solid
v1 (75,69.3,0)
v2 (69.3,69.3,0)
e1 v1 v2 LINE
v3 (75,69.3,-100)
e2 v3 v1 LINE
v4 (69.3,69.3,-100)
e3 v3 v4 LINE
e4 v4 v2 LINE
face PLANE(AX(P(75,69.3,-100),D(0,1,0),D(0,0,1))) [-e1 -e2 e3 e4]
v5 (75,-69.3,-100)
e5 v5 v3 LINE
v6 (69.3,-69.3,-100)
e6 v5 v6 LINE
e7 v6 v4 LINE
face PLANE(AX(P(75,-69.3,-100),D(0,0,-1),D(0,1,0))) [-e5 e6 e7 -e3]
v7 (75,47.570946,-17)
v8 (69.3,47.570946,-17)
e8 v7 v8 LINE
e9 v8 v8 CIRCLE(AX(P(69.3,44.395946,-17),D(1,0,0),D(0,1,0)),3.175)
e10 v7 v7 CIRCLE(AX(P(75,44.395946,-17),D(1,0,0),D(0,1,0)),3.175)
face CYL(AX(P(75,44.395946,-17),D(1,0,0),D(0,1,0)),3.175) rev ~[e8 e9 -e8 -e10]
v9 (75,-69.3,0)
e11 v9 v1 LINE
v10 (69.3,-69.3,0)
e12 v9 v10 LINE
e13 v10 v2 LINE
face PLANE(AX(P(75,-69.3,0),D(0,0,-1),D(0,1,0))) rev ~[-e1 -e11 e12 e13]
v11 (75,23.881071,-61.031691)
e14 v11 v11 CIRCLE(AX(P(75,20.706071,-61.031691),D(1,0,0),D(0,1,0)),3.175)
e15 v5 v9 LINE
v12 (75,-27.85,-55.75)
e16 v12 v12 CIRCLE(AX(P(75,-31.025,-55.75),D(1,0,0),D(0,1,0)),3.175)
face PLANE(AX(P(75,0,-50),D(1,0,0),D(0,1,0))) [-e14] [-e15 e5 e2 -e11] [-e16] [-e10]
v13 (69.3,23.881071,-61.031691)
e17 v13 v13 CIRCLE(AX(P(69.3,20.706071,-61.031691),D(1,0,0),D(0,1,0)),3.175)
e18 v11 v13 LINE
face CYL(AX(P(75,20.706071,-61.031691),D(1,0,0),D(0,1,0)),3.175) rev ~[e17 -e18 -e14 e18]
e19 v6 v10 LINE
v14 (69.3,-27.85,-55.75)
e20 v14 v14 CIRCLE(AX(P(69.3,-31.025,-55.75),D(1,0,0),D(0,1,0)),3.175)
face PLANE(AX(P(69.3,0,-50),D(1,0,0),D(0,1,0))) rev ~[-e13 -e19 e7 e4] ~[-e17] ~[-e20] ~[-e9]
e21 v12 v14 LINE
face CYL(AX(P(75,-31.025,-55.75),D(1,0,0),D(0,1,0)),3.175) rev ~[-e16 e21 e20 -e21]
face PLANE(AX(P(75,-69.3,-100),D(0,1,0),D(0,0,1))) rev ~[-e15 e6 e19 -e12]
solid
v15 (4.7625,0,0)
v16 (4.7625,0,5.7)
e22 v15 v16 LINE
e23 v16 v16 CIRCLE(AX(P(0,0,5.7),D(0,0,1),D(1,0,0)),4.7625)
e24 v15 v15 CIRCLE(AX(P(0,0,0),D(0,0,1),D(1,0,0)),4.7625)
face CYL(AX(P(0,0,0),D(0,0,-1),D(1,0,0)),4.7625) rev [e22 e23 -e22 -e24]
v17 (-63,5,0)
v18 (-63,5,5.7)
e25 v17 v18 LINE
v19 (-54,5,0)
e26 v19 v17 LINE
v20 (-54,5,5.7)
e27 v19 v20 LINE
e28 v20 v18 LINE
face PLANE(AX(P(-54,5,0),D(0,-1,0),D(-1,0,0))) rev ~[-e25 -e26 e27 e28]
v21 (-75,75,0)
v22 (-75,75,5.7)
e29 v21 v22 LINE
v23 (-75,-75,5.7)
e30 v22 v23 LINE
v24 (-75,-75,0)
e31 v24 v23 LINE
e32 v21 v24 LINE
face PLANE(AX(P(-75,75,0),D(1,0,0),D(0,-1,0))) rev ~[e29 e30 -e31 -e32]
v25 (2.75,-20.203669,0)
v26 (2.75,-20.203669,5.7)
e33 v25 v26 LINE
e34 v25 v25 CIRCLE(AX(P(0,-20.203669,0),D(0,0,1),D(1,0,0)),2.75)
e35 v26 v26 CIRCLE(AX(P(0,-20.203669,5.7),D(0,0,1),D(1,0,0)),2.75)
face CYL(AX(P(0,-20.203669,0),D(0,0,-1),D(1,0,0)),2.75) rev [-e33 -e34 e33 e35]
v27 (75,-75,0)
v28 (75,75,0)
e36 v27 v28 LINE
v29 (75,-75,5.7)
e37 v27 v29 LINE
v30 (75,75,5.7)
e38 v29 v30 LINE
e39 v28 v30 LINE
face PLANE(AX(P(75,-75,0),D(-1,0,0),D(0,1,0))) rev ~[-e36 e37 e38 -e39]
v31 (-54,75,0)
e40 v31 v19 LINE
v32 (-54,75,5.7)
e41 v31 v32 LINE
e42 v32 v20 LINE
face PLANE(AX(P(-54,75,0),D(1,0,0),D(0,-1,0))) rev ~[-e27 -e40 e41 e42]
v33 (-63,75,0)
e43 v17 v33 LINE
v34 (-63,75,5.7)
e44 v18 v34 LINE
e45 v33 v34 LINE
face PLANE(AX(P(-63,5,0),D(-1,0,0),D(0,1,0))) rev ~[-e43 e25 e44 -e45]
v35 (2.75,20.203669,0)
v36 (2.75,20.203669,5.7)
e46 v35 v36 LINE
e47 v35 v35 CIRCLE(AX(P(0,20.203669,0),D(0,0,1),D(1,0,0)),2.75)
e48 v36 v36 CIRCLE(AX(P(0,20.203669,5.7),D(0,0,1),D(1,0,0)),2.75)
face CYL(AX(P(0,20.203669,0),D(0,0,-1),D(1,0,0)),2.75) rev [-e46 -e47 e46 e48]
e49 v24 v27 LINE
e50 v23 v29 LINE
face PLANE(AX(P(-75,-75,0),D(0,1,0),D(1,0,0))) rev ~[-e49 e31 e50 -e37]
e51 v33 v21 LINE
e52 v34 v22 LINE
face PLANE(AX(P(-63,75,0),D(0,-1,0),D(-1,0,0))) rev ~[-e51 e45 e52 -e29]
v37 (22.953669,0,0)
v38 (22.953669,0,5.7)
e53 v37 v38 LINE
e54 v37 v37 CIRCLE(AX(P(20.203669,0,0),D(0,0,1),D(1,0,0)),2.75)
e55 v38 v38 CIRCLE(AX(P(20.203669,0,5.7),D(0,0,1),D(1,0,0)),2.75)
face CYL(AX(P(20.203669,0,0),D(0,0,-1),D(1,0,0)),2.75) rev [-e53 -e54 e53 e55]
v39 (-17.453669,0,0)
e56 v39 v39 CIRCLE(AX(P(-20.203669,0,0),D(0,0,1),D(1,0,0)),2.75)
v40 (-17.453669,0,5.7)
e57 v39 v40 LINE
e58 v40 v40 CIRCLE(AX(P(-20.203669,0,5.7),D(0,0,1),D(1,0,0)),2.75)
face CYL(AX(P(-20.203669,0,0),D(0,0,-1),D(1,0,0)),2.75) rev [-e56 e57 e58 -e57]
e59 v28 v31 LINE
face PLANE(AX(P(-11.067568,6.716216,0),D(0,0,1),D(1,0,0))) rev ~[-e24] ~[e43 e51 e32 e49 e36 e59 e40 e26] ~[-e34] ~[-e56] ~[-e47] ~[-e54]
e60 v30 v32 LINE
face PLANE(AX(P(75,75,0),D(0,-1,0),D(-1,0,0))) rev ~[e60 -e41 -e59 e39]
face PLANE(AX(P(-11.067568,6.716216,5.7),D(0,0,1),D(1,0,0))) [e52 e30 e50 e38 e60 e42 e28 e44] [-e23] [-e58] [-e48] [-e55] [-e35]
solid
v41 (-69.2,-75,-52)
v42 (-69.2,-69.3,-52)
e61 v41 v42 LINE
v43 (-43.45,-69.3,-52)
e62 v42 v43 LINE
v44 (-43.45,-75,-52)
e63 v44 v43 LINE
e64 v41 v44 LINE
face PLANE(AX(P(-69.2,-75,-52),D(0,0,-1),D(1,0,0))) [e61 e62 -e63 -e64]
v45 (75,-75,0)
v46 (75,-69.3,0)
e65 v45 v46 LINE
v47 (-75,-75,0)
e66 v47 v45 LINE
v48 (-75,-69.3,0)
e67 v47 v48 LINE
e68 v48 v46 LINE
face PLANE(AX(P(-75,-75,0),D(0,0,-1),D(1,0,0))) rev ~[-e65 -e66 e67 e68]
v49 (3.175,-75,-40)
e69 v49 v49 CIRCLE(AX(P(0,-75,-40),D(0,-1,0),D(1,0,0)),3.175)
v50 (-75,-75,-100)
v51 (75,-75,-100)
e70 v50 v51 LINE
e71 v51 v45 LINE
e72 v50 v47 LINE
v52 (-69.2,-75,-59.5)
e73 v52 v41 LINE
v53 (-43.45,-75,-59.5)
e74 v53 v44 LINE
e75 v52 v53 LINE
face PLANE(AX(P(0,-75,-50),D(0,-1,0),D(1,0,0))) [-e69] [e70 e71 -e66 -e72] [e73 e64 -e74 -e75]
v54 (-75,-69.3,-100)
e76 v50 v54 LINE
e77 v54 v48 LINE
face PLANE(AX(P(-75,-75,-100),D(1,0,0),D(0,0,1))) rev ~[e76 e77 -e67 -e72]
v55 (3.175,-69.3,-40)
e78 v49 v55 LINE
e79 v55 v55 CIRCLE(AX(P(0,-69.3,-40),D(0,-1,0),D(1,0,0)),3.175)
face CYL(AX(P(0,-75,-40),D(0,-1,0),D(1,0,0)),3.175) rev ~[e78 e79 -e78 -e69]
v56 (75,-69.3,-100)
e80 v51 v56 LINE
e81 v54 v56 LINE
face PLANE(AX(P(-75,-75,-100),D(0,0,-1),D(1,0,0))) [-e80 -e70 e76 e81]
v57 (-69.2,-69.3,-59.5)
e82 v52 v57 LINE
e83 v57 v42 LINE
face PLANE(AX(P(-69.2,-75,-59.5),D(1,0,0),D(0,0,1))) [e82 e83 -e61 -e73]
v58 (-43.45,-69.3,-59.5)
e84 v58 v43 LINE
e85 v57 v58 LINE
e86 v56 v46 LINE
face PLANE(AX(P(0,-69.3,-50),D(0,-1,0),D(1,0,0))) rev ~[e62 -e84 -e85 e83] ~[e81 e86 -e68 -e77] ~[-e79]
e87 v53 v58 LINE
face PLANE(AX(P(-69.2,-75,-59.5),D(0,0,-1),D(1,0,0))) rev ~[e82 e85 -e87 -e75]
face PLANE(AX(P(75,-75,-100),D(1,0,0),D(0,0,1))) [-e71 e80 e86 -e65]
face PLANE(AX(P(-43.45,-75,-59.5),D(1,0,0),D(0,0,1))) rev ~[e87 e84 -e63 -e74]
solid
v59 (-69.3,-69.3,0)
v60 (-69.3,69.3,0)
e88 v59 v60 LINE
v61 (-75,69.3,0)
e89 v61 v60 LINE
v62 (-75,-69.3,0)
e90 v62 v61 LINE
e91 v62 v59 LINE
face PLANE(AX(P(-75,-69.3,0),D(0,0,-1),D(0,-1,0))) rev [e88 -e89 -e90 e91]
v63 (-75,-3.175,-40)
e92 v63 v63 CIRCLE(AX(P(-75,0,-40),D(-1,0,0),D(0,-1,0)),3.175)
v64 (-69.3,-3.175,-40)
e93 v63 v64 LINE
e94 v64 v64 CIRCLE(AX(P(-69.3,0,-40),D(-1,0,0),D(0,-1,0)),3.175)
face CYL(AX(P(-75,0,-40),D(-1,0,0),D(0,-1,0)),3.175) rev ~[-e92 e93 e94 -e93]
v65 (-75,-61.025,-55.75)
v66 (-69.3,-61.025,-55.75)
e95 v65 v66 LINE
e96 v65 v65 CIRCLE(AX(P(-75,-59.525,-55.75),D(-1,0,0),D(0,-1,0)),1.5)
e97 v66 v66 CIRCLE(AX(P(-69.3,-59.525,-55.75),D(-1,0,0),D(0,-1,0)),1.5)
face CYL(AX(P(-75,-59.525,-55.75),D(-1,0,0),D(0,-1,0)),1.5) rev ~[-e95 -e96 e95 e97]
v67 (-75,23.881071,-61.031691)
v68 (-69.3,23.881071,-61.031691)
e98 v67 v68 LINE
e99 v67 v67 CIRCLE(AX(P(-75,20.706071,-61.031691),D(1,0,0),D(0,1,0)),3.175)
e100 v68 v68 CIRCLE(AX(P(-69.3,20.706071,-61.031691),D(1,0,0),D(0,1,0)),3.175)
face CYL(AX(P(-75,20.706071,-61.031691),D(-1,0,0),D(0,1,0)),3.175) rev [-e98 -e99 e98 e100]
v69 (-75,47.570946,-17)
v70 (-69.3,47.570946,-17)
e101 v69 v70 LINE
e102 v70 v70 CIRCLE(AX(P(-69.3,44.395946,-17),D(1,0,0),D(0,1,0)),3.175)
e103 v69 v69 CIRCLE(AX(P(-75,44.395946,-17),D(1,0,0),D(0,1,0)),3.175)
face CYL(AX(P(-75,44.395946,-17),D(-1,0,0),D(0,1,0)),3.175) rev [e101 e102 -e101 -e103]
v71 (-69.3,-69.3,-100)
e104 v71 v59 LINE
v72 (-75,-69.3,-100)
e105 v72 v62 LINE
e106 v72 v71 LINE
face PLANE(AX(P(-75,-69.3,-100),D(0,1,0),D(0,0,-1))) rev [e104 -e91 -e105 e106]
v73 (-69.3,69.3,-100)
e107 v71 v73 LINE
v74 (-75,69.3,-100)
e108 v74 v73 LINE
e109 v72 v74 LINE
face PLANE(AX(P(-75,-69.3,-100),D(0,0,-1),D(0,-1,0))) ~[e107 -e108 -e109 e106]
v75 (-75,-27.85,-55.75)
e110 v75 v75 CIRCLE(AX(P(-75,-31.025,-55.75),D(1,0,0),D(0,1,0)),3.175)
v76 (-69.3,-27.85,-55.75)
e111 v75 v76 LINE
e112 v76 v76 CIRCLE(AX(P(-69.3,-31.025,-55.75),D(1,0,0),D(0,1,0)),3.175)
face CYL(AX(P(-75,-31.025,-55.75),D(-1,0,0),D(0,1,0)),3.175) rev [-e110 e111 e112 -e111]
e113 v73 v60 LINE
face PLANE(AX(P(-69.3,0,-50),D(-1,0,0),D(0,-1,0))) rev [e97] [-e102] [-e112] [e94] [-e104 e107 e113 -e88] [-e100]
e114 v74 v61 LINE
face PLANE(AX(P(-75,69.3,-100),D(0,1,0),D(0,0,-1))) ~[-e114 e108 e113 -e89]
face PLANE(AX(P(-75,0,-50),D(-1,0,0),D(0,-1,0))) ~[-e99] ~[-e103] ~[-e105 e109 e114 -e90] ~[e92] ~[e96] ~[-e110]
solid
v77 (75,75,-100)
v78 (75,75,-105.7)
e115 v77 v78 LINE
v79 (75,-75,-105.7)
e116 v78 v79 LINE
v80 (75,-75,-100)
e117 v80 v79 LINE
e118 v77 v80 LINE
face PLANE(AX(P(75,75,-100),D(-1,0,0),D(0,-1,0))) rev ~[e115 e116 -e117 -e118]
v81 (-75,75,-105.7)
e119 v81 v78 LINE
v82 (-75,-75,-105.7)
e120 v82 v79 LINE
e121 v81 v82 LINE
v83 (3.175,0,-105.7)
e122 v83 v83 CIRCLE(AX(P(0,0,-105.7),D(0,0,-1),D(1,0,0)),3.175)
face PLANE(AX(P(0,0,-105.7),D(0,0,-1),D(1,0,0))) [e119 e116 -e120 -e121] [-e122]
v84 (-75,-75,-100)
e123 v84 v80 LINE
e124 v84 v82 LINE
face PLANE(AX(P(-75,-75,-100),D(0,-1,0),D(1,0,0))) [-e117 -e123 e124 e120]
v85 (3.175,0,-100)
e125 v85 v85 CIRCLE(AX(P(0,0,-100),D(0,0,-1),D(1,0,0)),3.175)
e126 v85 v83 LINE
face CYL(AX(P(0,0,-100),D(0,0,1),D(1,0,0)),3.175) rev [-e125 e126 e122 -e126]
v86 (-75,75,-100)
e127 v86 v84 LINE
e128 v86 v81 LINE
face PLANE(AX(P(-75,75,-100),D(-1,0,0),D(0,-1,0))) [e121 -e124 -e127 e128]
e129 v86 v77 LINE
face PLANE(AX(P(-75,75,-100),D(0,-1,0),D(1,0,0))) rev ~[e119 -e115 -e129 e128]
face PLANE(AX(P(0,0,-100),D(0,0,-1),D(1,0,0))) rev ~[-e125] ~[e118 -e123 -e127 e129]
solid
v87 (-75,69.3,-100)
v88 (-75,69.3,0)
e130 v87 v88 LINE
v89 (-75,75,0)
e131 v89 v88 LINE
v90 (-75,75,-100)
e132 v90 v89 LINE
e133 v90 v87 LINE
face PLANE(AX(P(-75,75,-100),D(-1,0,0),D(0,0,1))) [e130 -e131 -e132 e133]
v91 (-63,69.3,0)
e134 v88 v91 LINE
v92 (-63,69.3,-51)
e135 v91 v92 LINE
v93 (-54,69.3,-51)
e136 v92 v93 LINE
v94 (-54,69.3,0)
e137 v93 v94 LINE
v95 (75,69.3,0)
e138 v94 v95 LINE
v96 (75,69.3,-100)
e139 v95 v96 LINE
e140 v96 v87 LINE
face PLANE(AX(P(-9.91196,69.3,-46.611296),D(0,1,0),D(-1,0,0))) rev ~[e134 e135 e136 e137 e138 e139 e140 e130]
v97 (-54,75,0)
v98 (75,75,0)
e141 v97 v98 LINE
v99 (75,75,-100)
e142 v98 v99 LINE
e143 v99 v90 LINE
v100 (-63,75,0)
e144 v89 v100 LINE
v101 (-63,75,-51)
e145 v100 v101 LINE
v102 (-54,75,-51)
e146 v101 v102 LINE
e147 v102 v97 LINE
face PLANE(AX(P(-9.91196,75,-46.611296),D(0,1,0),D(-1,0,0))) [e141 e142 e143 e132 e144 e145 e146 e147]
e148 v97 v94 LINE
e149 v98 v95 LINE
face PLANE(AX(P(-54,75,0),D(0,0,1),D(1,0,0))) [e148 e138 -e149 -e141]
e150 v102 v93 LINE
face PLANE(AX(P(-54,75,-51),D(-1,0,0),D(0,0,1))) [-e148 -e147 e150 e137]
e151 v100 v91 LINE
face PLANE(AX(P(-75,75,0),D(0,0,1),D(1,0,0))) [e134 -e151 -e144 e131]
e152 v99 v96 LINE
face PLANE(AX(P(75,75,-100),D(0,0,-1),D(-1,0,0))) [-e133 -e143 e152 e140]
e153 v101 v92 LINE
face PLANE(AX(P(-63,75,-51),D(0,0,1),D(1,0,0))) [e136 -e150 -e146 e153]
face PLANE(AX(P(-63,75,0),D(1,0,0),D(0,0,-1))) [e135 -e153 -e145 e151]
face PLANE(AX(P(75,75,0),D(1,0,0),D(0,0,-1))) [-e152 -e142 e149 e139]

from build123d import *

# Parameters (mm, degrees)
F0_R      = 2.75
F0_R_2    = 4.7625
F1_DEPTH  = 5.7
F2_W      = 150
F2_H      = 100
F2_W_2    = 25.75
F2_H_2    = 7.5
F2_R      = 3.175
F3_DEPTH  = 5.7
F4_W      = 138.6
F4_H      = 100
F4_R      = 3.175
F5_DEPTH  = 5.7
F6_W      = 150
F6_H      = 150
F6_R      = 3.175
F7_DEPTH  = 5.7
F11_DEPTH = 5.7
F8_R      = 1.5
F8_R_2    = 3.175
F12_DEPTH = 25


with BuildPart() as f1:
    # F0 (on Top) → F1 (new body)
    with BuildSketch(Plane.XY):
        Polygon((75, -75), (75, 75), (-54, 75), (-54, 5), (-63, 5), (-63, 75), (-75, 75), (-75, -75), align=None)
        with Locations((0, -20.203669)):
            Circle(F0_R, mode=Mode.SUBTRACT)
        with Locations((-20.203669, 0)):
            Circle(F0_R, mode=Mode.SUBTRACT)
        Circle(F0_R_2, mode=Mode.SUBTRACT)
        with Locations((20.203669, 0)):
            Circle(F0_R, mode=Mode.SUBTRACT)
        with Locations((0, 20.203669)):
            Circle(F0_R, mode=Mode.SUBTRACT)
    extrude(amount=F1_DEPTH)


with BuildPart() as f3:
    # F2 (on face) → F3 (new body)
    with BuildSketch(Plane.XZ.offset(75)):
        with Locations((0, -50)):
            Rectangle(F2_W, F2_H)
        with Locations((-56.325, -55.75)):
            Rectangle(F2_W_2, F2_H_2, mode=Mode.SUBTRACT)
        with Locations((0, -40)):
            Circle(F2_R, mode=Mode.SUBTRACT)
    extrude(amount=-F3_DEPTH)


with BuildPart() as f5:
    # F4 (on face) → F5 (new body)
    with BuildSketch(Plane.YZ.offset(75)):
        with Locations((0, -50)):
            Rectangle(F4_W, F4_H)
        with Locations((-31.025, -55.75)):
            Circle(F4_R, mode=Mode.SUBTRACT)
        with Locations((20.706071, -61.031691)):
            Circle(F4_R, mode=Mode.SUBTRACT)
        with Locations((44.395946, -17)):
            Circle(F4_R, mode=Mode.SUBTRACT)
    extrude(amount=-F5_DEPTH)


with BuildPart() as f7:
    # F6 (on face) → F7 (new body)
    with BuildSketch(Plane(origin=(0, 0, -100), x_dir=(1, 0, 0), z_dir=(0, 0, -1))):
        Rectangle(F6_W, F6_H)
        Circle(F6_R, mode=Mode.SUBTRACT)
    extrude(amount=F7_DEPTH)


with BuildPart() as f9_1:
    # F9: instance of F5
    add(f5.part.mirror(Plane.YZ))

    # F8 (on face) → F12 (cut)
    with BuildSketch(Plane(origin=(-75, 0, 0), x_dir=(0, -1, 0), z_dir=(-1, 0, 0))):
        with Locations((59.525, -55.75)):
            Circle(F8_R)
        with Locations((0, -40)):
            Circle(F8_R_2)
    extrude(amount=-F12_DEPTH, mode=Mode.SUBTRACT)


with BuildPart() as f11:
    # F10 (on face) → F11 (new body)
    with BuildSketch(Plane(origin=(0, 75, 0), x_dir=(-1, 0, 0), z_dir=(0, 1, 0))):
        Polygon((54, 0), (-75, 0), (-75, -100), (75, -100), (75, 0), (63, 0), (63, -51), (54, -51), align=None)
    extrude(amount=-F11_DEPTH)


solid = Compound([f1.part, f3.part, f5.part, f7.part, f9_1.part, f11.part])
